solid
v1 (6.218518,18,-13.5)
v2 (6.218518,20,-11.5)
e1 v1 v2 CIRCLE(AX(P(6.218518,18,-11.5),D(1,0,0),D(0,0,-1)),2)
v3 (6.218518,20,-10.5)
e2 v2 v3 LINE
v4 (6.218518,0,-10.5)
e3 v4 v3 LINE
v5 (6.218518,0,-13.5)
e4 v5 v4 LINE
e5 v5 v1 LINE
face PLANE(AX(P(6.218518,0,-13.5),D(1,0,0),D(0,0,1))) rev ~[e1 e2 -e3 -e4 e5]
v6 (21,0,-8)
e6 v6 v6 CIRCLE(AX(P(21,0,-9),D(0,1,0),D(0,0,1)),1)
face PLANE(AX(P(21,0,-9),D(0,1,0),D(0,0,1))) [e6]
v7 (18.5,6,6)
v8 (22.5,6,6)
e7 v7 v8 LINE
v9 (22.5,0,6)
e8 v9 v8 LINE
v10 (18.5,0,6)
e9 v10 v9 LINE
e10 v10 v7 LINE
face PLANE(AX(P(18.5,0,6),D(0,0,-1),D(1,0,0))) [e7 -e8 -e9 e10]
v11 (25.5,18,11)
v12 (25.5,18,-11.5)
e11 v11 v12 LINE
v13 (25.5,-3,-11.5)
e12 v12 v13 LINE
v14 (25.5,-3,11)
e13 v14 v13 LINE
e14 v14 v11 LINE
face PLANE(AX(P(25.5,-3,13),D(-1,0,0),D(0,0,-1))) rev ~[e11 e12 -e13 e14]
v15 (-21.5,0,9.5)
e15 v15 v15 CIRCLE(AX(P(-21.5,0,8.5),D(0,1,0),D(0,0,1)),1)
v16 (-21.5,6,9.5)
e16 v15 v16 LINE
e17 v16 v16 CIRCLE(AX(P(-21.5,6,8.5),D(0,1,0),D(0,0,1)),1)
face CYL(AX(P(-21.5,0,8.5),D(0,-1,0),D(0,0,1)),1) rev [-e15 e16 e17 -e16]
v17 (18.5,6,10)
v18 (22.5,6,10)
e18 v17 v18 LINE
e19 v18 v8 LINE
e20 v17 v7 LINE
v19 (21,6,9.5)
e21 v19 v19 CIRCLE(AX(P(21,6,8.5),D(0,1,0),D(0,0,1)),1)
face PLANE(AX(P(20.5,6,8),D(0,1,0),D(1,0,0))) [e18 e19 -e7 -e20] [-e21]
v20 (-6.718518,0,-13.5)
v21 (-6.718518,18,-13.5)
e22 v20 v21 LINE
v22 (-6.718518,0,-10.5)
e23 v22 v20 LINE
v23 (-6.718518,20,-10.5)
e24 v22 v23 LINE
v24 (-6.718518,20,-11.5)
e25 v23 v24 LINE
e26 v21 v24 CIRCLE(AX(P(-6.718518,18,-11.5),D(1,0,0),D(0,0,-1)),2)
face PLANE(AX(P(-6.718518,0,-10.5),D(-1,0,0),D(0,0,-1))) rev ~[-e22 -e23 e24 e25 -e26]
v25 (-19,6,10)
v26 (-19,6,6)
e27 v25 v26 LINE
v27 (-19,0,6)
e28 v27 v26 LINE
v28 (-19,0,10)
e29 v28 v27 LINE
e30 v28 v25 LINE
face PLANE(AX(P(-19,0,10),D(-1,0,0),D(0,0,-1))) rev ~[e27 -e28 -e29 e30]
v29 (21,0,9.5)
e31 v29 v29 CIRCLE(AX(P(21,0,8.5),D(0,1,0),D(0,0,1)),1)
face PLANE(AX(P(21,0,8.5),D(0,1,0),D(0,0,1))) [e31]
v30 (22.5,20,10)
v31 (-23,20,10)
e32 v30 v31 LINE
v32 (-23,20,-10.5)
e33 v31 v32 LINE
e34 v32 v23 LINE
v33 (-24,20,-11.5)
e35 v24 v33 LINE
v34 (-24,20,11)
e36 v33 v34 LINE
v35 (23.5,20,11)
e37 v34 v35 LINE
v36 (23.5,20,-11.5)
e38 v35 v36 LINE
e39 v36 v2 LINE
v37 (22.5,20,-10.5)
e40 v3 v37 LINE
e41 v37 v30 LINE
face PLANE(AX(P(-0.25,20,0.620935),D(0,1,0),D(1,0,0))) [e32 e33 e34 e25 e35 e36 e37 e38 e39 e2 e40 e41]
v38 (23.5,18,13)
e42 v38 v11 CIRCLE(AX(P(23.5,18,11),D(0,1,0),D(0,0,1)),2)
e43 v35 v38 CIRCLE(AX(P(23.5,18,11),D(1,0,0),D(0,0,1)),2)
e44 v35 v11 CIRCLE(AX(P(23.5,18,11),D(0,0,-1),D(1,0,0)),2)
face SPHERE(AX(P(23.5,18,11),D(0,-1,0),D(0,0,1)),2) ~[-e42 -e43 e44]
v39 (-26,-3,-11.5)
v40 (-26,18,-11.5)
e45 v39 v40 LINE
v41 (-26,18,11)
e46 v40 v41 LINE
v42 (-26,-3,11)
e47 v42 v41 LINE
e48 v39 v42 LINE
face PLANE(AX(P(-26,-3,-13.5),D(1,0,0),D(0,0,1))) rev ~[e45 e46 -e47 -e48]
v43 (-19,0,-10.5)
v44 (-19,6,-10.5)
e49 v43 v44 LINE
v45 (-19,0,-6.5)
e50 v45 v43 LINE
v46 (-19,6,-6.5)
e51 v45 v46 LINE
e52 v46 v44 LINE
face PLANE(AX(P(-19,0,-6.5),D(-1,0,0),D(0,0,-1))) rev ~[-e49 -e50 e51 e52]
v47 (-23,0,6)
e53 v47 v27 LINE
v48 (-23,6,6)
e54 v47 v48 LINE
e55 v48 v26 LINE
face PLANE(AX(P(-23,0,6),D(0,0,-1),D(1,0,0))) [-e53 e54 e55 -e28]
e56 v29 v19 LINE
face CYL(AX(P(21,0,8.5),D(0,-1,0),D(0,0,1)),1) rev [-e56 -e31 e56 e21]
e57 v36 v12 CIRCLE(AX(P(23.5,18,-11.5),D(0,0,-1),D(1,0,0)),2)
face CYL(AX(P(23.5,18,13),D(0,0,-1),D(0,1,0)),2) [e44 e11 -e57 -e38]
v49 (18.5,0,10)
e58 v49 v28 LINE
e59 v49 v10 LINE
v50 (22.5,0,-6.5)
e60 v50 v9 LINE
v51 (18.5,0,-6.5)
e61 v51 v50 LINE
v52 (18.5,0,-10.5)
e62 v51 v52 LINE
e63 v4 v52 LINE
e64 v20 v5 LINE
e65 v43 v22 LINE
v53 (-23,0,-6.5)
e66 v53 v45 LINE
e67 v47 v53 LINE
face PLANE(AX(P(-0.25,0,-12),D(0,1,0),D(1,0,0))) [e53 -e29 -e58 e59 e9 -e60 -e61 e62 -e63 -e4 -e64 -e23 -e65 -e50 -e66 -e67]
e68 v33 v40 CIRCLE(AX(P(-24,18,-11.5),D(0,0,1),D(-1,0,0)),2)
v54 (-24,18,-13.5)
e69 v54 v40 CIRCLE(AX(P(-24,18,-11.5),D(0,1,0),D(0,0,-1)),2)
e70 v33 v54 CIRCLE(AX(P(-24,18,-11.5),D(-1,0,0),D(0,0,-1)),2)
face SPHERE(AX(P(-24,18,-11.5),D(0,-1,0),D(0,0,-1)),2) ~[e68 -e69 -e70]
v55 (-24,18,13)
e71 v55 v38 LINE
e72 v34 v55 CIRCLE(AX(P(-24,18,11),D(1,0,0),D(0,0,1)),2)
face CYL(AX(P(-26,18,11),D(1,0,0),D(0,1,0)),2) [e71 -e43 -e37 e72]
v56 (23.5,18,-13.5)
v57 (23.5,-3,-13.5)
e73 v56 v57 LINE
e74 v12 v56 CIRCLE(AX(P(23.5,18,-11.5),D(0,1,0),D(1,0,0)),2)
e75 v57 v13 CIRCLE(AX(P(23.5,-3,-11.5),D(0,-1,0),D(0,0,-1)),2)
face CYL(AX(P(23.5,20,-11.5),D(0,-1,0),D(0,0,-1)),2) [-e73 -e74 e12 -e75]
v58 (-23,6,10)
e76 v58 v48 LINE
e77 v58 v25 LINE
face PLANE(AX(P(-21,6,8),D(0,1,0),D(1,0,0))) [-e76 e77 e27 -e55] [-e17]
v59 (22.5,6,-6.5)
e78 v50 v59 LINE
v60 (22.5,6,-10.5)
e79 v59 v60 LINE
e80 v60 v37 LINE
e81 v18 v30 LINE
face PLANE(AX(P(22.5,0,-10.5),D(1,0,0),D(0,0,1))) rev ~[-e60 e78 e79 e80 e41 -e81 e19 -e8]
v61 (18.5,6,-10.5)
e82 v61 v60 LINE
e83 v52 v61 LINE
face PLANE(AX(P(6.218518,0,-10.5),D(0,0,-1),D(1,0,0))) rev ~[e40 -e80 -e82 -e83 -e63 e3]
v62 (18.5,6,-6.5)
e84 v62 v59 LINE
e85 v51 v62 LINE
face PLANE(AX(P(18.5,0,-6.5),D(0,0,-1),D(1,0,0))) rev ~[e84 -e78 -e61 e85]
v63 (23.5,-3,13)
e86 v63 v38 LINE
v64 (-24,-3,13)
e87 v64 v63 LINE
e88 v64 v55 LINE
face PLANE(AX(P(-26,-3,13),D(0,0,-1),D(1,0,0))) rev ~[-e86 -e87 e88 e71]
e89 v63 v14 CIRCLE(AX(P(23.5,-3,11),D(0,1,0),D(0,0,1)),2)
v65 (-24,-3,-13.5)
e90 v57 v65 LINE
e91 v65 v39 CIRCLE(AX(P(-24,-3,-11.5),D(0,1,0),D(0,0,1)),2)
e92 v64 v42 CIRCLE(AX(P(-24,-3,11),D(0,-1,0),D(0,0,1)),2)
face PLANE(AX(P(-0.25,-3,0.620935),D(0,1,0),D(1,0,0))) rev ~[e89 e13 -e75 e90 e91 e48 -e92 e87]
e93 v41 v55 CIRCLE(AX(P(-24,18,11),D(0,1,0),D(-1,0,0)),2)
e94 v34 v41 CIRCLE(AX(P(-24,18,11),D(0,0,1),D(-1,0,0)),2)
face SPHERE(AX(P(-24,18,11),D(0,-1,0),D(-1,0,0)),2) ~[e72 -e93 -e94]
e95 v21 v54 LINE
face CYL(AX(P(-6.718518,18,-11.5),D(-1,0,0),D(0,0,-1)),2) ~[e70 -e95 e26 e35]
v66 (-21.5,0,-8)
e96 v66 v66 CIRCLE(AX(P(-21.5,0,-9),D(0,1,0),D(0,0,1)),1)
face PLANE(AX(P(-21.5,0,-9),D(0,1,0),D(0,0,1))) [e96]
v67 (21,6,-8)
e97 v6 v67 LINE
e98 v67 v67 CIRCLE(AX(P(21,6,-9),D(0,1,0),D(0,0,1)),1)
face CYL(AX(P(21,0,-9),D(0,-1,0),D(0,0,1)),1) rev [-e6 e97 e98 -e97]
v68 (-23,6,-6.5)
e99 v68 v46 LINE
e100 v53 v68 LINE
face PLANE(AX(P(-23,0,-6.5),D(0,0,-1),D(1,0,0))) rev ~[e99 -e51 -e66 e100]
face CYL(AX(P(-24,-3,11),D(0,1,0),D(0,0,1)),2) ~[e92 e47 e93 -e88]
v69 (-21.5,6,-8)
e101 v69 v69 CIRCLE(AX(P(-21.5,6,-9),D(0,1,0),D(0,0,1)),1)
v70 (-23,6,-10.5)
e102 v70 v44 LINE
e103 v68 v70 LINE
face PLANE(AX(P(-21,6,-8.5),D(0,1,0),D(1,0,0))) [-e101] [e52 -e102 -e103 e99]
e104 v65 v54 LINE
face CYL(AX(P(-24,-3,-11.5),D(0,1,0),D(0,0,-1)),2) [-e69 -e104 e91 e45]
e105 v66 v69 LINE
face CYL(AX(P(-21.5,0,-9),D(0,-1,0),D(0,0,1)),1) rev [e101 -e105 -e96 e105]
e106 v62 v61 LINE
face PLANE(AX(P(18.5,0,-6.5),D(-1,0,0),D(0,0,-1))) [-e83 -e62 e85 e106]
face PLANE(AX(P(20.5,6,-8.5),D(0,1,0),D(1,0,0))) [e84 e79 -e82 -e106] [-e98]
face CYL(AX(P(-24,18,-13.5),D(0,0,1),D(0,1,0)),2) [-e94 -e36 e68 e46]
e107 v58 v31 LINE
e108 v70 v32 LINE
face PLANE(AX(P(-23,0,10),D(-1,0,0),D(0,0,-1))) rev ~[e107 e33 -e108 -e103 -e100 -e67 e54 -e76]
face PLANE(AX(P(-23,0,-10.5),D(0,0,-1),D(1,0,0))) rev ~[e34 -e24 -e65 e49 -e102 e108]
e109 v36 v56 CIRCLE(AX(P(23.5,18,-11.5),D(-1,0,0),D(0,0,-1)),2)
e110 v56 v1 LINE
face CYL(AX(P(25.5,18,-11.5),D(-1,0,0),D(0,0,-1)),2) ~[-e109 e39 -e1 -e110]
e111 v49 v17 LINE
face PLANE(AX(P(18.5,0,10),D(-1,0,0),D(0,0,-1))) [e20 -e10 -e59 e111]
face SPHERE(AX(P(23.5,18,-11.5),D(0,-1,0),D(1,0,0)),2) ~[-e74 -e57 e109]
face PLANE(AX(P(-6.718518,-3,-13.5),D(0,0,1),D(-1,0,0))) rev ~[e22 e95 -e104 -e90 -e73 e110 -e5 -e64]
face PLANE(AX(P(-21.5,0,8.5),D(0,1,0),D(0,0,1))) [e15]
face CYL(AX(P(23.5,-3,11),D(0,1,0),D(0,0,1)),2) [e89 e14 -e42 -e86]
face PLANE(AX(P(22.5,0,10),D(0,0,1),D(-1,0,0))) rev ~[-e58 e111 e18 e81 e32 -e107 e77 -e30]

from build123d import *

# Parameters (mm, degrees)
EXTRUDE_1_DEPTH = 20
SKETCH_1_3_W    = 4
SKETCH_1_3_H    = 4
SKETCH_1_3_R    = 1
EXTRUDE_2_DEPTH = 6
SKETCH_1_4_W    = 51.5
SKETCH_1_4_H    = 26.5
EXTRUDE_3_DEPTH = 3
FILLET_1_R      = 2


with BuildPart() as part:
    # Эскиз1 → Бобышка-Вытянуть1 (new body)
    with BuildSketch(Plane(origin=(0, 0, 0), x_dir=(1, 0, 0), z_dir=(0, 1, 0))):
        Polygon((-23, 6.5), (-23, 10.5), (-19, 10.5), (-6.718518259, 10.5), (-6.718518259, 13.5), (-26, 13.5), (-26, -13), (25.5, -13), (25.5, 13.5), (6.218518259, 13.5), (6.218518259, 10.5), (18.5, 10.5), (22.5, 10.5), (22.5, 6.5), (22.5, -6), (22.5, -10), (18.5, -10), (-19, -10), (-23, -10), (-23, -6), align=None)
    extrude(amount=EXTRUDE_1_DEPTH)

    # Эскиз1<3> → Бобышка-Вытянуть2 (add)
    # profile 1 of 4: a face of its own
    with BuildSketch(Plane(origin=(0, 0, 0), x_dir=(1, 0, 0), z_dir=(0, 1, 0))):
        with Locations((-21, 8.5)):
            Rectangle(SKETCH_1_3_W, SKETCH_1_3_H)
        with Locations((-21.5, 9)):
            Circle(SKETCH_1_3_R, mode=Mode.SUBTRACT)
    # profile 2 of 4: a face of its own
    with BuildSketch(Plane(origin=(0, 0, 0), x_dir=(1, 0, 0), z_dir=(0, 1, 0))):
        with Locations((-21, -8)):
            Rectangle(SKETCH_1_3_W, SKETCH_1_3_H)
        with Locations((-21.5, -8.5)):
            Circle(SKETCH_1_3_R, mode=Mode.SUBTRACT)
    # profile 3 of 4: a face of its own
    with BuildSketch(Plane(origin=(0, 0, 0), x_dir=(1, 0, 0), z_dir=(0, 1, 0))):
        with Locations((20.5, 8.5)):
            Rectangle(SKETCH_1_3_W, SKETCH_1_3_H)
        with Locations((21, 9)):
            Circle(SKETCH_1_3_R, mode=Mode.SUBTRACT)
    # profile 4 of 4: a face of its own
    with BuildSketch(Plane(origin=(0, 0, 0), x_dir=(1, 0, 0), z_dir=(0, 1, 0))):
        with Locations((20.5, -8)):
            Rectangle(SKETCH_1_3_W, SKETCH_1_3_H)
        with Locations((21, -8.5)):
            Circle(SKETCH_1_3_R, mode=Mode.SUBTRACT)
    extrude(amount=EXTRUDE_2_DEPTH)

    # Эскиз1<4> → Бобышка-Вытянуть3 (add)
    with BuildSketch(Plane(origin=(0, 0, 0), x_dir=(1, 0, 0), z_dir=(0, 1, 0))):
        with Locations((-0.25, 0.25)):
            Rectangle(SKETCH_1_4_W, SKETCH_1_4_H)
    extrude(amount=-EXTRUDE_3_DEPTH)

    # Скругление1
    fillet_1_edges = [part.edges().sort_by_distance(p)[0] for p in [
        (-26, 20, -0.25),
        (-16.359259129, 20, -13.5),
        (15.859259129, 20, -13.5),
        (25.5, 20, -0.25),
        (-0.25, 20, 13),
        (-26, 8.5, 13),
        (-26, 8.5, -13.5),
        (25.5, 8.5, -13.5),
        (25.5, 8.5, 13),
    ]]
    fillet(fillet_1_edges, radius=FILLET_1_R)


solid = part.part
